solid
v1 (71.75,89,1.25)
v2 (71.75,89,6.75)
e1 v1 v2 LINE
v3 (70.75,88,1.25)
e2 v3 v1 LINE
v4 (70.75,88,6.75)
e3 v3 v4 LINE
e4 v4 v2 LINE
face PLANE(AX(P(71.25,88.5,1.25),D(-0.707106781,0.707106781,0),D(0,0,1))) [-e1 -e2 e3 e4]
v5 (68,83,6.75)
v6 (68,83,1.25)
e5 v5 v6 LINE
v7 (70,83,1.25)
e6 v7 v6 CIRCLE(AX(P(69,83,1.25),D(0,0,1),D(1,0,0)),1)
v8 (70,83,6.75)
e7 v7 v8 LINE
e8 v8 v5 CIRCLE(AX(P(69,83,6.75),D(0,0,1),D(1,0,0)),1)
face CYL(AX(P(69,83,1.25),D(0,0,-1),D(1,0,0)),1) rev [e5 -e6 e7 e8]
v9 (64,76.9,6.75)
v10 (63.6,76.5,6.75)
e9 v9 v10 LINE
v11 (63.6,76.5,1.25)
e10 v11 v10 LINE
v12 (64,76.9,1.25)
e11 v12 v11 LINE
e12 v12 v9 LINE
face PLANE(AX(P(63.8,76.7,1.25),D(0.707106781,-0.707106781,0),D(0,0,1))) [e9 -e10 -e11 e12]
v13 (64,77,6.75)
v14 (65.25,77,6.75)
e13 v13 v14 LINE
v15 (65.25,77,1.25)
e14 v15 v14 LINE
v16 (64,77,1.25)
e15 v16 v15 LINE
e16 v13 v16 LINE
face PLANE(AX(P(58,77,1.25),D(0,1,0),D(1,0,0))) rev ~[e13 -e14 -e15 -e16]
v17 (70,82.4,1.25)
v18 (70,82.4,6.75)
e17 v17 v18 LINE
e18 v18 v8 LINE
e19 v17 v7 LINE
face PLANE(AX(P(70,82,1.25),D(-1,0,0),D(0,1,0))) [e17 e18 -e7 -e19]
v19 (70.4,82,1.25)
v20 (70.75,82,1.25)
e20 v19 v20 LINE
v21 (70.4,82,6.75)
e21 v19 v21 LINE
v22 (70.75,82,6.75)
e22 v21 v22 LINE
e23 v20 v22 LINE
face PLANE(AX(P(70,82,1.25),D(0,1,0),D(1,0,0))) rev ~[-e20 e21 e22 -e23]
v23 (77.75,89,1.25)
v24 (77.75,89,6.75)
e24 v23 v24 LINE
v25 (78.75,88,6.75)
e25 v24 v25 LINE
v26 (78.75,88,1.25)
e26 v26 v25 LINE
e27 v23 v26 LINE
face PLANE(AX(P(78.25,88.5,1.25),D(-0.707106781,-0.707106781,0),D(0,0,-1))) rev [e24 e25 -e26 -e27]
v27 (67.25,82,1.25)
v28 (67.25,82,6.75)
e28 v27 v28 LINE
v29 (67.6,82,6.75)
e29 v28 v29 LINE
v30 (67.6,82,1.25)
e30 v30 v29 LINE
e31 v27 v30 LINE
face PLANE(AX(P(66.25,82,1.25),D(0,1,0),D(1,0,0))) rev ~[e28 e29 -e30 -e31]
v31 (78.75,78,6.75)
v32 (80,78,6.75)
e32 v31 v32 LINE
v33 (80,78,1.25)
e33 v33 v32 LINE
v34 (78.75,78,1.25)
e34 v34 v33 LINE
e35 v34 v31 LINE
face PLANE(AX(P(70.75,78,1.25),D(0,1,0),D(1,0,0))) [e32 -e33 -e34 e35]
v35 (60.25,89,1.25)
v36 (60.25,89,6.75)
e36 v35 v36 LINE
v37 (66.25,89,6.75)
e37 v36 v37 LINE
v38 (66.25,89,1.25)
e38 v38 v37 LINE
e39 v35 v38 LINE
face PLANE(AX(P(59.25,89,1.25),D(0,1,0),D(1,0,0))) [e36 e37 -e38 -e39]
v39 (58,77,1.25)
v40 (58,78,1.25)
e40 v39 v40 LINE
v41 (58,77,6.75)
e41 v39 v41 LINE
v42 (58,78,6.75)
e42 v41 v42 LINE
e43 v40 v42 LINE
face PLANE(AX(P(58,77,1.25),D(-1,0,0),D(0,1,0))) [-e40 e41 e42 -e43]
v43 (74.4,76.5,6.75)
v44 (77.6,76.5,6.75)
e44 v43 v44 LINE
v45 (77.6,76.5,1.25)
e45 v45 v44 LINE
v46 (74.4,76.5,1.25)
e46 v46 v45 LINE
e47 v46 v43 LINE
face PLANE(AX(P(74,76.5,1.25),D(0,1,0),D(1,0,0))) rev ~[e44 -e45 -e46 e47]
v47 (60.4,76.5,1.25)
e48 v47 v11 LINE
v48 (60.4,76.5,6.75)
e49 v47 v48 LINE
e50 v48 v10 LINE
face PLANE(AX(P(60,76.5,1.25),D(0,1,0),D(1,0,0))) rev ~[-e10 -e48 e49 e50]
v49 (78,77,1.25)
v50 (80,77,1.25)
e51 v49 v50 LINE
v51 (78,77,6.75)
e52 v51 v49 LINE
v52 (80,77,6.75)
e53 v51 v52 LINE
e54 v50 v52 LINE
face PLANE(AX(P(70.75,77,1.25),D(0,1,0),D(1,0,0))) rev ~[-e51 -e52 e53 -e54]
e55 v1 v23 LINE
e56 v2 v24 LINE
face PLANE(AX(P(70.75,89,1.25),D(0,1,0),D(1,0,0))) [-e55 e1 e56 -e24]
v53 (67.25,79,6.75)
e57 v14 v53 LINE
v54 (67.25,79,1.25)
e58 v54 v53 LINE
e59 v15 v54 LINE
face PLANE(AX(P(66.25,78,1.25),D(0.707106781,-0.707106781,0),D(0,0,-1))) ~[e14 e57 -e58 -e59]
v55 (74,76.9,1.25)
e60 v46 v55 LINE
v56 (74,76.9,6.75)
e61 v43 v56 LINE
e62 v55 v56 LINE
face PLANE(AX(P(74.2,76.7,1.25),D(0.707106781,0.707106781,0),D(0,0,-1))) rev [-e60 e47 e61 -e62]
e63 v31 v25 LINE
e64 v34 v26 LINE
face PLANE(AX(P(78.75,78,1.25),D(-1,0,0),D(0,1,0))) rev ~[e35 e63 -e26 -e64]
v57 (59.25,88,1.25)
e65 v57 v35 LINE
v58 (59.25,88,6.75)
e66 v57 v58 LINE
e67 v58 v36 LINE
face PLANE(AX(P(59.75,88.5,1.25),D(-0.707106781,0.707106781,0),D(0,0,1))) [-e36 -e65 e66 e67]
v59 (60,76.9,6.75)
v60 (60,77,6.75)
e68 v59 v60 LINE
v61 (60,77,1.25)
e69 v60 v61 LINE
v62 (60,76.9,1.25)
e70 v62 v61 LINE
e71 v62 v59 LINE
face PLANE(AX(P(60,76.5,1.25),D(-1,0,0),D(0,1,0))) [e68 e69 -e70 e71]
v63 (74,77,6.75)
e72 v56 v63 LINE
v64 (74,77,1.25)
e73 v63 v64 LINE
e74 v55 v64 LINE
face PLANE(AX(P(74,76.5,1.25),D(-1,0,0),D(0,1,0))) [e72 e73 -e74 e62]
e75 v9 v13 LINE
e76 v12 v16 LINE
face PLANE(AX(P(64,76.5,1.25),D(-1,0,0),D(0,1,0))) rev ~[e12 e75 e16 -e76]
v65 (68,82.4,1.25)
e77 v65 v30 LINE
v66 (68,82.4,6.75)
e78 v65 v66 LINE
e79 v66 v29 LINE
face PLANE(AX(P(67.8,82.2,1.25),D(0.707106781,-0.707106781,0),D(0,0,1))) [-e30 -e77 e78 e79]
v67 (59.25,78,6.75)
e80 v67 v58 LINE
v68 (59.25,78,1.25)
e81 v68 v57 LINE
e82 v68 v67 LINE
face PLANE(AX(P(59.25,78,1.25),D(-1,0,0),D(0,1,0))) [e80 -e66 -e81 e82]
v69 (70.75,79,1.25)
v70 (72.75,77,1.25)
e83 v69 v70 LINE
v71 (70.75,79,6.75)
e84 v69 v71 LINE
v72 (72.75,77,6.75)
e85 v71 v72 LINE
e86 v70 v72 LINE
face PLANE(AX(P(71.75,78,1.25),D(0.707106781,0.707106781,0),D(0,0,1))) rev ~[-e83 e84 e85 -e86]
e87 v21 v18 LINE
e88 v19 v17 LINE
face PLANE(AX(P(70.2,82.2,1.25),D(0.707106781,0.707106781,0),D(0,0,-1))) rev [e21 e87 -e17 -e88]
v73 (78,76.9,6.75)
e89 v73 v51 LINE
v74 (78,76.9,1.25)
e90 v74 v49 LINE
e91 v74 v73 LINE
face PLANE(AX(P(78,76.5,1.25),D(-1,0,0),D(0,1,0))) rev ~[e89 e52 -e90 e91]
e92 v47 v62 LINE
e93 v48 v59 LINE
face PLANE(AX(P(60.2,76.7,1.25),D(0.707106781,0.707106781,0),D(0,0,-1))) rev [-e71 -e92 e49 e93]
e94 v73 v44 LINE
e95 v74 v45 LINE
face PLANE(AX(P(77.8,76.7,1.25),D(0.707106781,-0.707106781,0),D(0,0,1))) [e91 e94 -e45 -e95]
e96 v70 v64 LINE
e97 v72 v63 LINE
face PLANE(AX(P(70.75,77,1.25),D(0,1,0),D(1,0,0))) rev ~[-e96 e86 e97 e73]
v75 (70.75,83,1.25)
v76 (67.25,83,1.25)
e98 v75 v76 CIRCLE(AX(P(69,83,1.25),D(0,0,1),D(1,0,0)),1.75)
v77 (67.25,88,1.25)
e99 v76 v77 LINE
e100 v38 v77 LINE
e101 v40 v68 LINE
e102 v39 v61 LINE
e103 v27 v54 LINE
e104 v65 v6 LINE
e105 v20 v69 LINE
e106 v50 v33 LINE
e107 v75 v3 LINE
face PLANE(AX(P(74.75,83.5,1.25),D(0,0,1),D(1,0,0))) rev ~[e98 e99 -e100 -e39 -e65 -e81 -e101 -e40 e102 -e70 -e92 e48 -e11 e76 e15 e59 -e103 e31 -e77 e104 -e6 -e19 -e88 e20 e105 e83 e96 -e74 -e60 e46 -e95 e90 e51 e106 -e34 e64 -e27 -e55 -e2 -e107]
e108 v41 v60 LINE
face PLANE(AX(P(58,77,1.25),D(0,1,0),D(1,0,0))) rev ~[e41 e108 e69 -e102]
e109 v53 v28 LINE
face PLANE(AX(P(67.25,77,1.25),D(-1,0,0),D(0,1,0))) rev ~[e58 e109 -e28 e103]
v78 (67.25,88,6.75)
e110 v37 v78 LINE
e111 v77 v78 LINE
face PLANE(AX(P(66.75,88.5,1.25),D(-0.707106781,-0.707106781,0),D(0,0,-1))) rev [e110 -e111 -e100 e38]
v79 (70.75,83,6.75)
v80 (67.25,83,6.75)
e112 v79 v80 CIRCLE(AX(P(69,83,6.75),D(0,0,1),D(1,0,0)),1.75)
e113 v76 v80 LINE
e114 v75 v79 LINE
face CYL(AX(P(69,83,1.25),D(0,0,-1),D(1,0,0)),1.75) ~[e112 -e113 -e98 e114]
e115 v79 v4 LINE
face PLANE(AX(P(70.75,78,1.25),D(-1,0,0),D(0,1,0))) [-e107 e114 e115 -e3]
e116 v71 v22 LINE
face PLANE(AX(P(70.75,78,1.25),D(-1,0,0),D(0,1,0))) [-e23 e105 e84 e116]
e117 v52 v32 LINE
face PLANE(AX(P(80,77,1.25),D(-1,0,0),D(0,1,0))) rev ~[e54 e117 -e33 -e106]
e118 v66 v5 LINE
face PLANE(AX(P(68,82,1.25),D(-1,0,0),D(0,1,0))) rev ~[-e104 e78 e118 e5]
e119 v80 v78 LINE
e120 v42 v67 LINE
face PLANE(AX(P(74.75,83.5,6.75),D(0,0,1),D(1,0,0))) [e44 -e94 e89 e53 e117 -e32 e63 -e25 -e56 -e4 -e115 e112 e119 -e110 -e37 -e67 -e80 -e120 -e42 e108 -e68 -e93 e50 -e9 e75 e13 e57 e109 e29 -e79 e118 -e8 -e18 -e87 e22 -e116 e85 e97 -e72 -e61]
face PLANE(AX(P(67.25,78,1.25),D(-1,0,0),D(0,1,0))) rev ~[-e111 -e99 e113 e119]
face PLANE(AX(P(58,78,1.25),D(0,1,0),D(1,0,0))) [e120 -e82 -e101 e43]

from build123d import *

# Parameters (mm, degrees)
BOX011_W        = 4
BOX011_H        = 1
BOX011_DEPTH    = 5.5
BOX010_W        = 1.75
BOX010_H        = 1
BOX010_DEPTH    = 5.5
BOX008_W        = 3.5
BOX008_H        = 2
BOX008_DEPTH    = 5.5
TUBE_R          = 1.75
TUBE_R_2        = 1
TUBE_DEPTH      = 5.5
BOX009_W        = 1.75
BOX009_H        = 1
BOX009_DEPTH    = 5.5
BOX007_W        = 9.25
BOX007_H        = 1
BOX007_DEPTH    = 5.5
BOX006_W        = 8
BOX006_H        = 11
BOX006_DEPTH    = 5.5
BOX005_W        = 9.25
BOX005_H        = 1
BOX005_DEPTH    = 5.5
BOX004_W        = 8
BOX004_H        = 11
BOX004_DEPTH    = 5.5
BOX012_W        = 4
BOX012_H        = 1
BOX012_DEPTH    = 5.5
CHAMFER012_SIZE = 0.4
CHAMFER013_SIZE = 2
CHAMFER015_SIZE = 1


with BuildPart() as cube011:
    # Box011 → Box011 (new body)
    with BuildSketch(Plane(origin=(60, 74.5, 1.25), x_dir=(1, 0, 0), z_dir=(0, 0, 1))):
        with Locations((2, 0.5)):
            Rectangle(BOX011_W, BOX011_H)
    extrude(amount=BOX011_DEPTH)


with BuildPart() as cube010:
    # Box010 → Box010 (new body)
    with BuildSketch(Plane(origin=(70, 80, 1.25), x_dir=(1, 0, 0), z_dir=(0, 0, 1))):
        with Locations((0.875, 0.5)):
            Rectangle(BOX010_W, BOX010_H)
    extrude(amount=BOX010_DEPTH)


with BuildPart() as cube008:
    # Box008 → Box008 (new body)
    with BuildSketch(Plane(origin=(67.25, 79, 1.25), x_dir=(1, 0, 0), z_dir=(0, 0, 1))):
        with Locations((1.75, 1)):
            Rectangle(BOX008_W, BOX008_H)
    extrude(amount=BOX008_DEPTH)


with BuildPart() as cut:
    # Tube → Tube (new body)
    with BuildSketch(Plane(origin=(69, 81, 1.25), x_dir=(1, 0, 0), z_dir=(0, 0, 1))):
        Circle(TUBE_R)
        Circle(TUBE_R_2, mode=Mode.SUBTRACT)
    extrude(amount=TUBE_DEPTH)

    # Cut: cut Cube008
    add(cube008.part, mode=Mode.SUBTRACT)


with BuildPart() as cube009:
    # Box009 → Box009 (new body)
    with BuildSketch(Plane(origin=(66.25, 80, 1.25), x_dir=(1, 0, 0), z_dir=(0, 0, 1))):
        with Locations((0.875, 0.5)):
            Rectangle(BOX009_W, BOX009_H)
    extrude(amount=BOX009_DEPTH)


with BuildPart() as cube007:
    # Box007 → Box007 (new body)
    with BuildSketch(Plane(origin=(70.75, 75, 1.25), x_dir=(1, 0, 0), z_dir=(0, 0, 1))):
        with Locations((4.625, 0.5)):
            Rectangle(BOX007_W, BOX007_H)
    extrude(amount=BOX007_DEPTH)


with BuildPart() as cube006:
    # Box006 → Box006 (new body)
    with BuildSketch(Plane(origin=(59.25, 76, 1.25), x_dir=(1, 0, 0), z_dir=(0, 0, 1))):
        with Locations((4, 5.5)):
            Rectangle(BOX006_W, BOX006_H)
    extrude(amount=BOX006_DEPTH)


with BuildPart() as cube005:
    # Box005 → Box005 (new body)
    with BuildSketch(Plane(origin=(58, 75, 1.25), x_dir=(1, 0, 0), z_dir=(0, 0, 1))):
        with Locations((4.625, 0.5)):
            Rectangle(BOX005_W, BOX005_H)
    extrude(amount=BOX005_DEPTH)


with BuildPart() as cube004:
    # Box004 → Box004 (new body)
    with BuildSketch(Plane(origin=(70.75, 76, 1.25), x_dir=(1, 0, 0), z_dir=(0, 0, 1))):
        with Locations((4, 5.5)):
            Rectangle(BOX004_W, BOX004_H)
    extrude(amount=BOX004_DEPTH)


with BuildPart() as volume_btn:
    # Box012 → Box012 (new body)
    with BuildSketch(Plane(origin=(74, 74.5, 1.25), x_dir=(1, 0, 0), z_dir=(0, 0, 1))):
        with Locations((2, 0.5)):
            Rectangle(BOX012_W, BOX012_H)
    extrude(amount=BOX012_DEPTH)

    # Fusion004: union Cube011, Cube010, Cut, Cube009, Cube007, Cube006, Cube005, Cube004
    add(cube011.part)
    add(cube010.part)
    add(cut.part)
    add(cube009.part)
    add(cube007.part)
    add(cube006.part)
    add(cube005.part)
    add(cube004.part)

    # Chamfer012
    chamfer012_edges = [volume_btn.edges().sort_by_distance(p)[0] for p in [
        (64, 74.5, 4),
        (60, 74.5, 4),
        (74, 74.5, 4),
        (78, 74.5, 4),
        (70, 80, 4),
        (68, 80, 4),
    ]]
    chamfer(chamfer012_edges, length=CHAMFER012_SIZE)

    # Chamfer013
    chamfer013_edges = [volume_btn.edges().sort_by_distance(p)[0] for p in [
        (67.25, 75, 4),
        (70.75, 75, 4),
    ]]
    chamfer(chamfer013_edges, length=CHAMFER013_SIZE)

    # Chamfer015
    chamfer015_edges = [volume_btn.edges().sort_by_distance(p)[0] for p in [
        (59.25, 87, 4),
        (67.25, 87, 4),
        (70.75, 87, 4),
        (78.75, 87, 4),
    ]]
    chamfer(chamfer015_edges, length=CHAMFER015_SIZE)


with BuildPart() as volume_btn_1:
    # Chamfer015 placement: moved
    add(volume_btn.part.moved(Location((0, 2, 0))))


solid = volume_btn_1.part
